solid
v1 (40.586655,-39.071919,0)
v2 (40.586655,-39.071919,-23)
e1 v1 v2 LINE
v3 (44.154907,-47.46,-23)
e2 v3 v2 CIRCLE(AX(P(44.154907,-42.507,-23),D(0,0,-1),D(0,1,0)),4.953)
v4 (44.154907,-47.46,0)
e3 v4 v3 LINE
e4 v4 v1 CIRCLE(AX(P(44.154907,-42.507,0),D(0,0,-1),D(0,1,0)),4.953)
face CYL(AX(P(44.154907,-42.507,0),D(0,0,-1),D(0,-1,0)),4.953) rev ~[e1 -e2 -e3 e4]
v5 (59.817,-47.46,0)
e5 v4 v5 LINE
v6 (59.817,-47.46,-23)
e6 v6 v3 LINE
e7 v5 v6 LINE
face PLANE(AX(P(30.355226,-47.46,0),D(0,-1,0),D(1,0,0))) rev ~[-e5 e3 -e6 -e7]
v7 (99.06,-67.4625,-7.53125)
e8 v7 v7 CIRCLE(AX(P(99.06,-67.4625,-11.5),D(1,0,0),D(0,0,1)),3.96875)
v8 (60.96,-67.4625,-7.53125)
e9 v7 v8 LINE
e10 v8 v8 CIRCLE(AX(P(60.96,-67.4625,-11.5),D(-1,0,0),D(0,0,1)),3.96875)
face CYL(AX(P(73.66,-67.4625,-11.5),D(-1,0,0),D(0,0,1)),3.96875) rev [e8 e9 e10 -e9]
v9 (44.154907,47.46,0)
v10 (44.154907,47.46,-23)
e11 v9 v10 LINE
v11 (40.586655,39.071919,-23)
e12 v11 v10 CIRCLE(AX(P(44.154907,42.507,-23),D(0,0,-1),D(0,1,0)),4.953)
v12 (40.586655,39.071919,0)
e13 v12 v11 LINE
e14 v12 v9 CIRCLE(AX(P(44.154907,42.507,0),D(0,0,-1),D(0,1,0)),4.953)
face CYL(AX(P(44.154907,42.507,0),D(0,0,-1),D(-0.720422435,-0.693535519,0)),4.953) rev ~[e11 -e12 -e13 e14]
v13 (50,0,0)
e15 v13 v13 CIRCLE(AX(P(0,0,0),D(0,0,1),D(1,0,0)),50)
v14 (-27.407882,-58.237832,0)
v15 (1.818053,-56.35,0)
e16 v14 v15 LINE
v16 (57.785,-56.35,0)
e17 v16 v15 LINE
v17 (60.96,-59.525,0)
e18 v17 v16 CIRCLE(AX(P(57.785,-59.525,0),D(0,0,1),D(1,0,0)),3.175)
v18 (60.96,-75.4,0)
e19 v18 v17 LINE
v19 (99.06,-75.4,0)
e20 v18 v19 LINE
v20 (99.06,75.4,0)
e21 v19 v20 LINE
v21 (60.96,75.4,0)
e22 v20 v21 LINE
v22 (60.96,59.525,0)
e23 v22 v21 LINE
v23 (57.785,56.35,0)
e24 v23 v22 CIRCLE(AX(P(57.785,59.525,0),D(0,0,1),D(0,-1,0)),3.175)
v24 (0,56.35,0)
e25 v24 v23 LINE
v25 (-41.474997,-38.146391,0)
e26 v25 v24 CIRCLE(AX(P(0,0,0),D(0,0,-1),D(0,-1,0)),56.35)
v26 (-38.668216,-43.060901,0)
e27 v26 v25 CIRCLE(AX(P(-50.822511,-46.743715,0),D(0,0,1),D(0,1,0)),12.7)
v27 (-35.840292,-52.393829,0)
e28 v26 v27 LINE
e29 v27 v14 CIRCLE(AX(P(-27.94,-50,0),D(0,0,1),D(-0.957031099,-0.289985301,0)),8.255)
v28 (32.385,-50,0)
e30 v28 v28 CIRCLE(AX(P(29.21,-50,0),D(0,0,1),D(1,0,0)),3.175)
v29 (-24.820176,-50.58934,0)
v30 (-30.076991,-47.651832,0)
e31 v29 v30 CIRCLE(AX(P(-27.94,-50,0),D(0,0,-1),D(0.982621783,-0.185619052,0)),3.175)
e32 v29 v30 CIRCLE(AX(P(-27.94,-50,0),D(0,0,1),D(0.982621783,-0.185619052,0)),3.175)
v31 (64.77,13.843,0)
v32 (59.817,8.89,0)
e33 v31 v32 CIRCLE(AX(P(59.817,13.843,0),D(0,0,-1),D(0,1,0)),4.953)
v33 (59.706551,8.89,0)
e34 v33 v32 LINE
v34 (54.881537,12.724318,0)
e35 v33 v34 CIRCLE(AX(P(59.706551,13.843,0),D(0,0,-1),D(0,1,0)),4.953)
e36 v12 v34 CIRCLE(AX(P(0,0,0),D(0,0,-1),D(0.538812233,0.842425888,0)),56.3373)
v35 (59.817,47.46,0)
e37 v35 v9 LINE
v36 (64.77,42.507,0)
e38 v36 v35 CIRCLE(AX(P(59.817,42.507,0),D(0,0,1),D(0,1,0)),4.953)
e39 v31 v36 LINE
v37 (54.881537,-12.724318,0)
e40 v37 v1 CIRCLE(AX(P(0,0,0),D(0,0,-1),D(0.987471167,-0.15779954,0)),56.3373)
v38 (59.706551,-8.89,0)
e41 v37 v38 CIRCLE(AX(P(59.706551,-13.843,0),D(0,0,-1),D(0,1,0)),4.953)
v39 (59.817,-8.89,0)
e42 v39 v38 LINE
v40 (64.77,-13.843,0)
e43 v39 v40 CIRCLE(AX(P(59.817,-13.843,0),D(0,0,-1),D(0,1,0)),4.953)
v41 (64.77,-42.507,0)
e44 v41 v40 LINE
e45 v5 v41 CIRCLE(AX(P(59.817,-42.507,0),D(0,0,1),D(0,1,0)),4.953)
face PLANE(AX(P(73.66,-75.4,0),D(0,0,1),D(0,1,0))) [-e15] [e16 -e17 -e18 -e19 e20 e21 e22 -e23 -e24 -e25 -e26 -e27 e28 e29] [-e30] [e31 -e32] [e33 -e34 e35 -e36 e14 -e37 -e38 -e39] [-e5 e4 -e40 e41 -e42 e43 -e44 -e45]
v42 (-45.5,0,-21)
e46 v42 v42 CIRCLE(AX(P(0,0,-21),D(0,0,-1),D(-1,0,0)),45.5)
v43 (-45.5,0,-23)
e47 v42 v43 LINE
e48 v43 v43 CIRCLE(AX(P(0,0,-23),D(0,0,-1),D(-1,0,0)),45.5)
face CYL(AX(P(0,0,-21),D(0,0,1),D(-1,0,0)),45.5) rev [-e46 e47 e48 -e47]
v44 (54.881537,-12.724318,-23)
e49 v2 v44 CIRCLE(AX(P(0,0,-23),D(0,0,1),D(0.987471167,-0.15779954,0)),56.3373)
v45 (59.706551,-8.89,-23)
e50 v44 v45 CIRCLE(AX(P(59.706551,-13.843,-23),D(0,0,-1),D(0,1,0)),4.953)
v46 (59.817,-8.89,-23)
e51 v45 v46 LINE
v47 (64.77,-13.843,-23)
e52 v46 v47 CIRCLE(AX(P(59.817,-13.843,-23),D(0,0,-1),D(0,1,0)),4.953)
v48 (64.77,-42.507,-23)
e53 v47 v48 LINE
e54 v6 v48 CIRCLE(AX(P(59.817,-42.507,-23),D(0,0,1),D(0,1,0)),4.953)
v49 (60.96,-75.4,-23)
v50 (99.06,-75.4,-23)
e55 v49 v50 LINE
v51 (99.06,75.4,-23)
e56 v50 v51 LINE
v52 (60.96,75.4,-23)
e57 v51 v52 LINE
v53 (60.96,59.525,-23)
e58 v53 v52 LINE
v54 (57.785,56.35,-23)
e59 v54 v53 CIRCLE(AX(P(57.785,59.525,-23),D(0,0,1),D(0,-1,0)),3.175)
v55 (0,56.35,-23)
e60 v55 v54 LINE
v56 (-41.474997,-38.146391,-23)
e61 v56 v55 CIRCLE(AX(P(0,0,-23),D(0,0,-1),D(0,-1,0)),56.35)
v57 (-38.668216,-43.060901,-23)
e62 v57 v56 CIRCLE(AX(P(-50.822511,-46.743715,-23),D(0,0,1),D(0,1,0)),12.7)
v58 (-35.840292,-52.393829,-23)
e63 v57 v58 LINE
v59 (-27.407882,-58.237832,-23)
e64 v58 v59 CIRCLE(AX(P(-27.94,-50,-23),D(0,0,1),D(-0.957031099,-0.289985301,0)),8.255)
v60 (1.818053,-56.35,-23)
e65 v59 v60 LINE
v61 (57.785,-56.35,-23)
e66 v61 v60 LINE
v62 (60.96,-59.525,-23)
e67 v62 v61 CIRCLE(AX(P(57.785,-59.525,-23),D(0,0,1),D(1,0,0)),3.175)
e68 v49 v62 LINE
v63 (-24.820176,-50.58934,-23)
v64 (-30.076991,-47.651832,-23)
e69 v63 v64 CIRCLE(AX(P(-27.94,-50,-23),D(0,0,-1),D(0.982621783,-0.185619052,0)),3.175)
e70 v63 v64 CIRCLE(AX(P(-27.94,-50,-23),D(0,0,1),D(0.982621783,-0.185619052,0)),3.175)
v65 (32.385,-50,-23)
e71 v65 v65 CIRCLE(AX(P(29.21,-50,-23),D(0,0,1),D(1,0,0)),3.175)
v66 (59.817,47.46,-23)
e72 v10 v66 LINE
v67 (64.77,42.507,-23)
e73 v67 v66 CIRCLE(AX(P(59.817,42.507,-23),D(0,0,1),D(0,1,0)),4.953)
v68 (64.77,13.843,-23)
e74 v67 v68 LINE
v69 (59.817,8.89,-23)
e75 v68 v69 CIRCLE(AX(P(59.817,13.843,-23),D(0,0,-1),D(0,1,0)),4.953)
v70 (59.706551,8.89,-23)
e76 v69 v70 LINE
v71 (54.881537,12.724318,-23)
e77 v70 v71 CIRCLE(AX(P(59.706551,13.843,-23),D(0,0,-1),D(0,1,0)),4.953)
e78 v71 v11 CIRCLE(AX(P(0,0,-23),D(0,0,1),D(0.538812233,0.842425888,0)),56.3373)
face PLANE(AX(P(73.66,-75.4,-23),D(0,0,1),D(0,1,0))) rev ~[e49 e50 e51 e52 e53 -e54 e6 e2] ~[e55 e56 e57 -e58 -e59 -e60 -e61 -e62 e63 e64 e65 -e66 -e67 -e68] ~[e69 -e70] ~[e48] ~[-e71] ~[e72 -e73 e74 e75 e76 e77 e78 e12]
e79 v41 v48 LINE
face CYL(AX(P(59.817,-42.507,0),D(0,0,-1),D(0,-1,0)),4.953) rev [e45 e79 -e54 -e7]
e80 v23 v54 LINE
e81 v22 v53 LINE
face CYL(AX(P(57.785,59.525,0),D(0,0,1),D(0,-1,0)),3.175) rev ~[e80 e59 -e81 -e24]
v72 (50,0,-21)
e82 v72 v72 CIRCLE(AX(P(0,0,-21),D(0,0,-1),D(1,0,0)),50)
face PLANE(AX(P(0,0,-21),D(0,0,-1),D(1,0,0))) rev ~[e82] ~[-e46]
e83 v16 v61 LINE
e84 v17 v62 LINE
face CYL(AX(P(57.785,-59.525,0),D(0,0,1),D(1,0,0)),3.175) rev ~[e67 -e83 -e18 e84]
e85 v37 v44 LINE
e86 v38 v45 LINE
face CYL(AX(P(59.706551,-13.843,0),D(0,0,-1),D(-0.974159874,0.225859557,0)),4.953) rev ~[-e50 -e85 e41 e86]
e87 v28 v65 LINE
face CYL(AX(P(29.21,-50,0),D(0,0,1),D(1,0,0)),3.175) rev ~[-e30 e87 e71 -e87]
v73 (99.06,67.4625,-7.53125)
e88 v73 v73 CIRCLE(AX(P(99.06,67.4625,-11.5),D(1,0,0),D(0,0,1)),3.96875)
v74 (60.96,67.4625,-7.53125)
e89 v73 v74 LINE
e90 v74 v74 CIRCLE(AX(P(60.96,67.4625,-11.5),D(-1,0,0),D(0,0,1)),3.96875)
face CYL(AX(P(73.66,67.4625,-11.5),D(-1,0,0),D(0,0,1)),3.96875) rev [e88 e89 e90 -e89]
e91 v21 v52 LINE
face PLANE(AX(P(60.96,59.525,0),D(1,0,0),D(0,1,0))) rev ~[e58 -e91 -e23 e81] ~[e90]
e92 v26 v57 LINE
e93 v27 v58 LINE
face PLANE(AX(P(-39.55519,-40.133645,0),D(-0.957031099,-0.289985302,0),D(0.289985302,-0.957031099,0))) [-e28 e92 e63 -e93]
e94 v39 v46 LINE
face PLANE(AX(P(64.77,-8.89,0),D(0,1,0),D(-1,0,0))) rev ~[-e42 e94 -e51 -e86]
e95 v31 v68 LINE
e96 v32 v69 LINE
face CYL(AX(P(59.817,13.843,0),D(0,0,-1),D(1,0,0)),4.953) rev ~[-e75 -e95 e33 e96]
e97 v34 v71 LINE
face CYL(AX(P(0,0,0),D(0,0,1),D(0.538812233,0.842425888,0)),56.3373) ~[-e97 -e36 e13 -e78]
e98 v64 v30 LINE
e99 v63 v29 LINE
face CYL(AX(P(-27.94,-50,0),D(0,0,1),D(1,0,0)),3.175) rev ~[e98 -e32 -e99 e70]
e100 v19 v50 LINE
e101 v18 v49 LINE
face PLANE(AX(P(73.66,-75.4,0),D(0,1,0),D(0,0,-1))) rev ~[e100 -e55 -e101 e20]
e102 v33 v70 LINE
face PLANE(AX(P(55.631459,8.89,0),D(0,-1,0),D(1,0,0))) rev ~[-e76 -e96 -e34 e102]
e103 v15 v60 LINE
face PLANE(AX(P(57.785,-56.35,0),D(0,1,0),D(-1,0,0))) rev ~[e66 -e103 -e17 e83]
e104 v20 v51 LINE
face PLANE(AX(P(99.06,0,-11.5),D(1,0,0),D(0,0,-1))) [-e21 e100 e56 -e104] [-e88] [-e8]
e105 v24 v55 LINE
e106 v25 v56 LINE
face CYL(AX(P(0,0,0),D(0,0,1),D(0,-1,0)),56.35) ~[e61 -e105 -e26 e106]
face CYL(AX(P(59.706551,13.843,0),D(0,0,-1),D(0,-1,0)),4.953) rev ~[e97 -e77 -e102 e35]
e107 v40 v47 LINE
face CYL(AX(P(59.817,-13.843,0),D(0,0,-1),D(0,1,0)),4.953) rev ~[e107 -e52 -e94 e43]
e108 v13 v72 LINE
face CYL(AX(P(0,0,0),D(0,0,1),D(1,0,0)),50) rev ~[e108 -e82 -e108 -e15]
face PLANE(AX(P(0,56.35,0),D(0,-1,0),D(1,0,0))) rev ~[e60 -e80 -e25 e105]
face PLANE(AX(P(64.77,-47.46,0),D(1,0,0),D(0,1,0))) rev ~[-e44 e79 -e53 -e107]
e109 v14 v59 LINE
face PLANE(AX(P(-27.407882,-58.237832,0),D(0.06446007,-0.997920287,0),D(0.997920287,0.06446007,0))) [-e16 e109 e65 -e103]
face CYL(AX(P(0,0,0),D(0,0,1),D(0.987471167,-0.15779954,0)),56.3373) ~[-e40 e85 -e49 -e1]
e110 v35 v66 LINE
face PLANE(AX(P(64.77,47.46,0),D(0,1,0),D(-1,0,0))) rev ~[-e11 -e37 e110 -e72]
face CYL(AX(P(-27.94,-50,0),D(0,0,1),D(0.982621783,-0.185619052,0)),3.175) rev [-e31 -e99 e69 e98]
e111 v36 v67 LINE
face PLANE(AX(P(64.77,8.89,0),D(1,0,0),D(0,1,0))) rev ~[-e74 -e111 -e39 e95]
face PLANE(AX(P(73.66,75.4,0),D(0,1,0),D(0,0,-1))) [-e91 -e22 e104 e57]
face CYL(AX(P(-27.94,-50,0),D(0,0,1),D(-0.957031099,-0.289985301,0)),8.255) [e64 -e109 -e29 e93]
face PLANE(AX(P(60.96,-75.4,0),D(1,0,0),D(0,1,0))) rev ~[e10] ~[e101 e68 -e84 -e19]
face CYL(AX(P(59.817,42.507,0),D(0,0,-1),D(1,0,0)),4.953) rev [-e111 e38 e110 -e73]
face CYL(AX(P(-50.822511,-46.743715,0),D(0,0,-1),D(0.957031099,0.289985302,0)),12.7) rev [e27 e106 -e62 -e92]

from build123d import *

# Parameters (mm, degrees)
SKETCH1_R           = 50
BOSS_EXTRUDE1_DEPTH = 23
SKETCH2_R           = 3.96875
CUT_EXTRUDE1_DEPTH  = 23
BOSS_EXTRUDE2_START = -2
SKETCH3_R           = 50
SKETCH3_R_2         = 45.5
BOSS_EXTRUDE2_DEPTH = 2
CUT_EXTRUDE2_DEPTH  = 108.888625907
FILLET1_R           = 4.953
SKETCH6_R           = 3.175
CUT_EXTRUDE4_DEPTH  = 30.48
BOSS_EXTRUDE4_DEPTH = 23
FILLET2_R           = 12.7
SKETCH9_W           = 23
SKETCH9_H           = 150.8
SKETCH9_R           = 3.96875
BOSS_EXTRUDE5_DEPTH = 25.4


with BuildPart() as part:
    # Sketch1 → Boss-Extrude1 (new body)
    with BuildSketch(Plane.XY):
        with BuildLine():
            Line((73.66, 75.4), (73.66, -75.4))
            Line((73.66, -75.4), (60.96, -75.4))
            Line((60.96, -75.4), (60.96, -59.525))
            ThreePointArc((60.96, -59.525), (60.03006403, -57.27993597), (57.785, -56.35))
            Line((57.785, -56.35), (0, -56.35))
            ThreePointArc((0, -56.35), (-56.35, 0), (0, 56.35))
            Line((0, 56.35), (57.785, 56.35))
            ThreePointArc((57.785, 56.35), (60.03006403, 57.27993597), (60.96, 59.525))
            Line((60.96, 59.525), (60.96, 75.4))
            Line((60.96, 75.4), (73.66, 75.4))
        make_face()
        Circle(SKETCH1_R, mode=Mode.SUBTRACT)
    extrude(amount=-BOSS_EXTRUDE1_DEPTH)

    # Sketch2 → Cut-Extrude1 (cut)
    with BuildSketch(Plane.ZY.offset(-60.96)):
        with Locations((-11.5, 67.4625)):
            Circle(SKETCH2_R)
        with Locations((-11.5, -67.4625)):
            Circle(SKETCH2_R)
    extrude(amount=-CUT_EXTRUDE1_DEPTH, mode=Mode.SUBTRACT)

    # Sketch3 → Boss-Extrude2 (add)
    with BuildSketch(Plane(origin=(0, 0, -23), x_dir=(-1, 0, 0), z_dir=(0, 0, -1)).offset(BOSS_EXTRUDE2_START)):
        with Locations(Location((0, 0, 0), (0, 0, 180))):
            Circle(SKETCH3_R)
        Circle(SKETCH3_R_2, mode=Mode.SUBTRACT)
    extrude(amount=BOSS_EXTRUDE2_DEPTH)

    # Sketch4 → Cut-Extrude2 (cut, through all)
    with BuildSketch(Plane.XY):
        with BuildLine():
            Line((64.77, 8.89), (64.77, 47.46))
            Line((64.77, 47.46), (30.355226425, 47.46))
            ThreePointArc((30.355226425, 47.46), (47.120470693, 30.879647228), (55.631459367, 8.89))
            Line((55.631459367, 8.89), (64.77, 8.89))
        make_face()
        with BuildLine():
            Line((30.355226425, -47.46), (64.77, -47.46))
            Line((64.77, -47.46), (64.77, -8.89))
            Line((64.77, -8.89), (55.631459367, -8.89))
            ThreePointArc((55.631459367, -8.89), (47.120470693, -30.879647228), (30.355226425, -47.46))
        make_face()
    extrude(amount=-CUT_EXTRUDE2_DEPTH, mode=Mode.SUBTRACT)

    # Fillet1
    fillet1_edges = [part.edges().sort_by_distance(p)[0] for p in [
        (30.355226425, -47.46, -11.5),
        (55.631459367, -8.89, -11.5),
        (64.77, -8.89, -11.5),
        (64.77, -47.46, -11.5),
        (55.631459367, 8.89, -11.5),
        (30.355226425, 47.46, -11.5),
        (64.77, 47.46, -11.5),
        (64.77, 8.89, -11.5),
    ]]
    fillet(fillet1_edges, radius=FILLET1_R)

    # Sketch6 → Cut-Extrude4 (cut)
    with BuildSketch(Plane.XY):
        with Locations((-27.94, -50)):
            Circle(SKETCH6_R)
        with Locations((29.21, -50)):
            Circle(SKETCH6_R)
    extrude(amount=-CUT_EXTRUDE4_DEPTH, mode=Mode.SUBTRACT)

    # Sketch8 → Boss-Extrude4 (add)
    with BuildSketch(Plane.XY):
        with BuildLine():
            Line((-39.555189909, -40.133644879), (-35.840291724, -52.393828665))
            ThreePointArc((-35.840291724, -52.393828665), (-32.642189928, -56.784868082), (-27.407882123, -58.23783197))
            Line((-27.407882123, -58.23783197), (3.632324942, -56.232808177))
            ThreePointArc((3.632324942, -56.232808177), (-10.963276805, -55.273221922), (-24.82017584, -50.58934049))
            ThreePointArc((-24.82017584, -50.58934049), (-29.488783115, -52.771623326), (-30.076991341, -47.651831989))
            ThreePointArc((-30.076991341, -47.651831989), (-35.018437298, -44.147837424), (-39.555189909, -40.133644879))
        make_face()
    extrude(amount=-BOSS_EXTRUDE4_DEPTH)

    # Fillet2
    fillet2_edges = [part.edges().sort_by_distance(p)[0] for p in [
        (-39.555189909, -40.133644879, -11.5),
    ]]
    fillet(fillet2_edges, radius=FILLET2_R)

    # Sketch9 → Boss-Extrude5 (add)
    with BuildSketch(Plane(origin=(73.66, 0, 0), x_dir=(0, 0, -1), z_dir=(1, 0, 0))):
        with Locations((11.5, 0)):
            Rectangle(SKETCH9_W, SKETCH9_H)
        with Locations(Location((11.5, 67.4625, 0), (0, 0, 180))):
            Circle(SKETCH9_R, mode=Mode.SUBTRACT)
        with Locations(Location((11.5, -67.4625, 0), (0, 0, 180))):
            Circle(SKETCH9_R, mode=Mode.SUBTRACT)
    extrude(amount=BOSS_EXTRUDE5_DEPTH)


solid = part.part
